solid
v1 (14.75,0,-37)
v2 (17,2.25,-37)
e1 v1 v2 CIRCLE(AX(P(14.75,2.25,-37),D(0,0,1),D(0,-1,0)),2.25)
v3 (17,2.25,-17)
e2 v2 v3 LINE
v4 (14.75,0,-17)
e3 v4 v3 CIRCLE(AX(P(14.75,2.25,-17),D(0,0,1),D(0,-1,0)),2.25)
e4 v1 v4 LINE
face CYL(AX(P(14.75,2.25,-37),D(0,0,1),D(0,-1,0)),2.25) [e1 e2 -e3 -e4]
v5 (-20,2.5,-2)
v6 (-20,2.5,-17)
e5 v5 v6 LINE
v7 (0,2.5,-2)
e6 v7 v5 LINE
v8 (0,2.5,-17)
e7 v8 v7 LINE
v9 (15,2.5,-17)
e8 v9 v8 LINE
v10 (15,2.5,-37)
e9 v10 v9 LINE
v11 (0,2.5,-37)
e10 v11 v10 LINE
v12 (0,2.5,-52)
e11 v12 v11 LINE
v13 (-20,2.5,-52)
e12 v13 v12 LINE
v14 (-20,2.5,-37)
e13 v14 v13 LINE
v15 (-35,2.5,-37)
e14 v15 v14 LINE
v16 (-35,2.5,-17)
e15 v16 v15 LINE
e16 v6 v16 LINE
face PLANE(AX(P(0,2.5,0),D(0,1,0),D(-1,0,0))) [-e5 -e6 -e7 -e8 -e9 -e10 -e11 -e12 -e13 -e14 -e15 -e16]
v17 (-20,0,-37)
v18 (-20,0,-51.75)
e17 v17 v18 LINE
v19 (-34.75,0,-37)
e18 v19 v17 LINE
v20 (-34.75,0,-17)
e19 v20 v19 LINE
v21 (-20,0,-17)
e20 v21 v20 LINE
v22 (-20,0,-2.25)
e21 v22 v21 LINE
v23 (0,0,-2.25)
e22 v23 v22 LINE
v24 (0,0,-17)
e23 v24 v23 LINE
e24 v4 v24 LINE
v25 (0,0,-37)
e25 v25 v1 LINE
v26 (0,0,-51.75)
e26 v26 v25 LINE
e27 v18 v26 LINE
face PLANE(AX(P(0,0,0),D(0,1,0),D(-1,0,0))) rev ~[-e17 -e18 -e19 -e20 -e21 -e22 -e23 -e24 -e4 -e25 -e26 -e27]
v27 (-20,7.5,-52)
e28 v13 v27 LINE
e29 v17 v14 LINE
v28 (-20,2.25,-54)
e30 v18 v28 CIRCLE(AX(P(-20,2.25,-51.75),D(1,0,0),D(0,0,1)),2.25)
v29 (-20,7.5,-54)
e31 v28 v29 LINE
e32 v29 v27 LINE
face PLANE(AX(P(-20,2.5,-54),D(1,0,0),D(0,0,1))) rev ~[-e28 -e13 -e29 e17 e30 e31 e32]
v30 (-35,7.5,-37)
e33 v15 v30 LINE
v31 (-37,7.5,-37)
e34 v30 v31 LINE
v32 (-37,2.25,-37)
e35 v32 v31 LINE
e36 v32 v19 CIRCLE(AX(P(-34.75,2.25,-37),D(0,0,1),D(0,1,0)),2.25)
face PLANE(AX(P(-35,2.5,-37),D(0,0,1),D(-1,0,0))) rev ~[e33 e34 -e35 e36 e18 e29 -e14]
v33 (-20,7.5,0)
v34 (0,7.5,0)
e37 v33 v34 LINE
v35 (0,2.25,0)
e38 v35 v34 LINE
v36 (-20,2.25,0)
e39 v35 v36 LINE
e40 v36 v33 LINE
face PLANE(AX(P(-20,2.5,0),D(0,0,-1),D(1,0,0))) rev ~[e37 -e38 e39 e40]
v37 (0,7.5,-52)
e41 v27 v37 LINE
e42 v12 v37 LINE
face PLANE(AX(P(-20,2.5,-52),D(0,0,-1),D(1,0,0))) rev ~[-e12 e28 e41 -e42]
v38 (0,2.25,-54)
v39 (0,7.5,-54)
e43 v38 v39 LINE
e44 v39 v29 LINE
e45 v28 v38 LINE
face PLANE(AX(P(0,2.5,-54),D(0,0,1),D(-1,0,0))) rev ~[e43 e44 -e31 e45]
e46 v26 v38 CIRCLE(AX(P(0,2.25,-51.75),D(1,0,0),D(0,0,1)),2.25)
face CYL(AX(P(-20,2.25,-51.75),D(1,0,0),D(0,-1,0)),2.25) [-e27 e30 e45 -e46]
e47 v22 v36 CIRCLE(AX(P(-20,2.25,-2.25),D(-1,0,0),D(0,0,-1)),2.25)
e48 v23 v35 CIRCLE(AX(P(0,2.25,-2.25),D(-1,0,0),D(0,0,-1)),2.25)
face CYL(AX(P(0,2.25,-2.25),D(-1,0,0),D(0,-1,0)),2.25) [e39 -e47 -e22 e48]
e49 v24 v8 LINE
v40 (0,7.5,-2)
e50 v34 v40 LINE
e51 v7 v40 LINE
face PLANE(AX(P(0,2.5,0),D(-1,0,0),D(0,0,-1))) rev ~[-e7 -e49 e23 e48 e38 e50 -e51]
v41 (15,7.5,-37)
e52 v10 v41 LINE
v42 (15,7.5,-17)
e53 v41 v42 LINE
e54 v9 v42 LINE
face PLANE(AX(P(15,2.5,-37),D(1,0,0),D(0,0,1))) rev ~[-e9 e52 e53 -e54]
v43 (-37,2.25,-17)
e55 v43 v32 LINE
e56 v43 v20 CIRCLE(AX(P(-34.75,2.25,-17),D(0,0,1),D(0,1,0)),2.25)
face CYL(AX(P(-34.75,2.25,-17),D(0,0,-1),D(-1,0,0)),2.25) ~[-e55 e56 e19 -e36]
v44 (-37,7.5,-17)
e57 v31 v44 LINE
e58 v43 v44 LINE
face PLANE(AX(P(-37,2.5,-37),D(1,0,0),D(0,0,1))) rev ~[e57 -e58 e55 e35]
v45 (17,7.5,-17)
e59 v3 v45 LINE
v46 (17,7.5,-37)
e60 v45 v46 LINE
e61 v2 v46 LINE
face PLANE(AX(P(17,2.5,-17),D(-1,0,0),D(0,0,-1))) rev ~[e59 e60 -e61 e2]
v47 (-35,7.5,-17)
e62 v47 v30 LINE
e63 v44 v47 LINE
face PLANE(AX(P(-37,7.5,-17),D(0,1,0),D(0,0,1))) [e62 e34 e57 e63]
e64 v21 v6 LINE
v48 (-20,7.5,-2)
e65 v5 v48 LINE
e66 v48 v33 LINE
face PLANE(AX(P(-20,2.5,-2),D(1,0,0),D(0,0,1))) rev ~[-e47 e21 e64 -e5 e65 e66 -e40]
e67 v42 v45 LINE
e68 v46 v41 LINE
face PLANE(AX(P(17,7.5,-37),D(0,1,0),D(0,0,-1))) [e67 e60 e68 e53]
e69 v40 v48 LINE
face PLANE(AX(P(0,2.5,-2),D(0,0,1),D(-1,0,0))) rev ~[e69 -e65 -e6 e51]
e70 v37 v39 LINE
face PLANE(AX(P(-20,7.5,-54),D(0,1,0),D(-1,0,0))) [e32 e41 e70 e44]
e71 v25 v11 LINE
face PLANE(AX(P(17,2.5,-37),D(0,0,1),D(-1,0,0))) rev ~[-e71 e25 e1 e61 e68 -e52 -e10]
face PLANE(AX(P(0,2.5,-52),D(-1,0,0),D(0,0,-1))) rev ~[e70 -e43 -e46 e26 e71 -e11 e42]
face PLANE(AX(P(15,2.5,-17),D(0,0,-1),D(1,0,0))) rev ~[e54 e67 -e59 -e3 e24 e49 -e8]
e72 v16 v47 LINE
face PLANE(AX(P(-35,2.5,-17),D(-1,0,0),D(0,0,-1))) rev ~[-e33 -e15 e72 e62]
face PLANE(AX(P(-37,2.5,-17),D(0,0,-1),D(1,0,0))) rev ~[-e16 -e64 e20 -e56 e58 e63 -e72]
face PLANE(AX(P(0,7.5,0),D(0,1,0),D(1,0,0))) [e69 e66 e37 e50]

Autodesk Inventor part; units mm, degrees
ref_plane "YZ Plane" through (0, 0, 0) normal (1, 0, 0) x (0, 1, 0)
ref_plane "XZ Plane" through (0, 0, 0) normal (0, 1, 0) x (-1, 0, 0)
ref_plane "XY Plane" through (0, 0, 0) normal (0, 0, 1) x (1, 0, 0)
sketch "Sketch1" plane through (0, 0, 0) normal (0, 1, 0) x (-1, 0, 0)
  line L0 (0, 0) -> (20, 0)
  line L1 (20, 0) -> (20, -54)
  line L2 (20, -54) -> (0, -54)
  line L3 (0, -54) -> (0, 0)
  line L4 (20, -27) -> (0, -27)
  line L5 (-17, -17) -> (37, -17)
  line L6 (37, -17) -> (37, -37)
  line L7 (37, -37) -> (-17, -37)
  line L8 (-17, -37) -> (-17, -17)
  line L9 (-17, -17) -> (37, -37) construction
  line L10 (37, -17) -> (-17, -37) construction
  point P0 (10, -27)
  point P1 (0, -17)
  point P2 (0, -37)
  point P3 (20, -37)
  point P4 (20, -17)
  dimension "d0" = 20
  dimension "d1" = 54
  dimension "d2" = 54
  dimension "d3" = 20
extrude "Extrusion1" add sketch "Sketch1" along normal blind 2.5
sketch "Sketch2" plane through (0, 2.5, 0) normal (0, 1, 0) x (1, 0, 0)
  line L0 (-20, 0) -> (0, 0) projected
  line L1 (0, 0) -> (0, 17) projected
  line L2 (-20, 0) -> (0, 0)
  line L3 (0, 0) -> (0, 2)
  line L4 (0, 2) -> (-20, 2)
  line L5 (-20, 2) -> (-20, 0)
  dimension "d6" = 2
extrude "Extrusion2" add sketch "Sketch2" along normal blind 5
sketch "Sketch3" plane through (0, 2.5, 0) normal (0, 1, 0) x (1, 0, 0)
  line L0 (0, 2) -> (0, 17) projected
  line L1 (-20, 37) -> (0, 17)
  line L2 (0, 17) -> (-20, 17)
  line L3 (-20, 17) -> (0, 37)
  point P0 (0, 0)
  point P1 (-10, 27)
pattern_circular "Circular Pattern1" count 4 over 360 about axis through (-10, 2.5, -27) along (0, 1, 0) of "Extrusion2"
fillet "Fillet1" radius 2.25 4 edges at (-10, 0, 0) (-37, 0, -27) (-10, 0, -54) (17, 0, -27)
sketch "Sketch4" plane through (-20, 0, -17) normal (-1, 0, 0) x (0, 0, 1)
  point P0 (17, 0)
